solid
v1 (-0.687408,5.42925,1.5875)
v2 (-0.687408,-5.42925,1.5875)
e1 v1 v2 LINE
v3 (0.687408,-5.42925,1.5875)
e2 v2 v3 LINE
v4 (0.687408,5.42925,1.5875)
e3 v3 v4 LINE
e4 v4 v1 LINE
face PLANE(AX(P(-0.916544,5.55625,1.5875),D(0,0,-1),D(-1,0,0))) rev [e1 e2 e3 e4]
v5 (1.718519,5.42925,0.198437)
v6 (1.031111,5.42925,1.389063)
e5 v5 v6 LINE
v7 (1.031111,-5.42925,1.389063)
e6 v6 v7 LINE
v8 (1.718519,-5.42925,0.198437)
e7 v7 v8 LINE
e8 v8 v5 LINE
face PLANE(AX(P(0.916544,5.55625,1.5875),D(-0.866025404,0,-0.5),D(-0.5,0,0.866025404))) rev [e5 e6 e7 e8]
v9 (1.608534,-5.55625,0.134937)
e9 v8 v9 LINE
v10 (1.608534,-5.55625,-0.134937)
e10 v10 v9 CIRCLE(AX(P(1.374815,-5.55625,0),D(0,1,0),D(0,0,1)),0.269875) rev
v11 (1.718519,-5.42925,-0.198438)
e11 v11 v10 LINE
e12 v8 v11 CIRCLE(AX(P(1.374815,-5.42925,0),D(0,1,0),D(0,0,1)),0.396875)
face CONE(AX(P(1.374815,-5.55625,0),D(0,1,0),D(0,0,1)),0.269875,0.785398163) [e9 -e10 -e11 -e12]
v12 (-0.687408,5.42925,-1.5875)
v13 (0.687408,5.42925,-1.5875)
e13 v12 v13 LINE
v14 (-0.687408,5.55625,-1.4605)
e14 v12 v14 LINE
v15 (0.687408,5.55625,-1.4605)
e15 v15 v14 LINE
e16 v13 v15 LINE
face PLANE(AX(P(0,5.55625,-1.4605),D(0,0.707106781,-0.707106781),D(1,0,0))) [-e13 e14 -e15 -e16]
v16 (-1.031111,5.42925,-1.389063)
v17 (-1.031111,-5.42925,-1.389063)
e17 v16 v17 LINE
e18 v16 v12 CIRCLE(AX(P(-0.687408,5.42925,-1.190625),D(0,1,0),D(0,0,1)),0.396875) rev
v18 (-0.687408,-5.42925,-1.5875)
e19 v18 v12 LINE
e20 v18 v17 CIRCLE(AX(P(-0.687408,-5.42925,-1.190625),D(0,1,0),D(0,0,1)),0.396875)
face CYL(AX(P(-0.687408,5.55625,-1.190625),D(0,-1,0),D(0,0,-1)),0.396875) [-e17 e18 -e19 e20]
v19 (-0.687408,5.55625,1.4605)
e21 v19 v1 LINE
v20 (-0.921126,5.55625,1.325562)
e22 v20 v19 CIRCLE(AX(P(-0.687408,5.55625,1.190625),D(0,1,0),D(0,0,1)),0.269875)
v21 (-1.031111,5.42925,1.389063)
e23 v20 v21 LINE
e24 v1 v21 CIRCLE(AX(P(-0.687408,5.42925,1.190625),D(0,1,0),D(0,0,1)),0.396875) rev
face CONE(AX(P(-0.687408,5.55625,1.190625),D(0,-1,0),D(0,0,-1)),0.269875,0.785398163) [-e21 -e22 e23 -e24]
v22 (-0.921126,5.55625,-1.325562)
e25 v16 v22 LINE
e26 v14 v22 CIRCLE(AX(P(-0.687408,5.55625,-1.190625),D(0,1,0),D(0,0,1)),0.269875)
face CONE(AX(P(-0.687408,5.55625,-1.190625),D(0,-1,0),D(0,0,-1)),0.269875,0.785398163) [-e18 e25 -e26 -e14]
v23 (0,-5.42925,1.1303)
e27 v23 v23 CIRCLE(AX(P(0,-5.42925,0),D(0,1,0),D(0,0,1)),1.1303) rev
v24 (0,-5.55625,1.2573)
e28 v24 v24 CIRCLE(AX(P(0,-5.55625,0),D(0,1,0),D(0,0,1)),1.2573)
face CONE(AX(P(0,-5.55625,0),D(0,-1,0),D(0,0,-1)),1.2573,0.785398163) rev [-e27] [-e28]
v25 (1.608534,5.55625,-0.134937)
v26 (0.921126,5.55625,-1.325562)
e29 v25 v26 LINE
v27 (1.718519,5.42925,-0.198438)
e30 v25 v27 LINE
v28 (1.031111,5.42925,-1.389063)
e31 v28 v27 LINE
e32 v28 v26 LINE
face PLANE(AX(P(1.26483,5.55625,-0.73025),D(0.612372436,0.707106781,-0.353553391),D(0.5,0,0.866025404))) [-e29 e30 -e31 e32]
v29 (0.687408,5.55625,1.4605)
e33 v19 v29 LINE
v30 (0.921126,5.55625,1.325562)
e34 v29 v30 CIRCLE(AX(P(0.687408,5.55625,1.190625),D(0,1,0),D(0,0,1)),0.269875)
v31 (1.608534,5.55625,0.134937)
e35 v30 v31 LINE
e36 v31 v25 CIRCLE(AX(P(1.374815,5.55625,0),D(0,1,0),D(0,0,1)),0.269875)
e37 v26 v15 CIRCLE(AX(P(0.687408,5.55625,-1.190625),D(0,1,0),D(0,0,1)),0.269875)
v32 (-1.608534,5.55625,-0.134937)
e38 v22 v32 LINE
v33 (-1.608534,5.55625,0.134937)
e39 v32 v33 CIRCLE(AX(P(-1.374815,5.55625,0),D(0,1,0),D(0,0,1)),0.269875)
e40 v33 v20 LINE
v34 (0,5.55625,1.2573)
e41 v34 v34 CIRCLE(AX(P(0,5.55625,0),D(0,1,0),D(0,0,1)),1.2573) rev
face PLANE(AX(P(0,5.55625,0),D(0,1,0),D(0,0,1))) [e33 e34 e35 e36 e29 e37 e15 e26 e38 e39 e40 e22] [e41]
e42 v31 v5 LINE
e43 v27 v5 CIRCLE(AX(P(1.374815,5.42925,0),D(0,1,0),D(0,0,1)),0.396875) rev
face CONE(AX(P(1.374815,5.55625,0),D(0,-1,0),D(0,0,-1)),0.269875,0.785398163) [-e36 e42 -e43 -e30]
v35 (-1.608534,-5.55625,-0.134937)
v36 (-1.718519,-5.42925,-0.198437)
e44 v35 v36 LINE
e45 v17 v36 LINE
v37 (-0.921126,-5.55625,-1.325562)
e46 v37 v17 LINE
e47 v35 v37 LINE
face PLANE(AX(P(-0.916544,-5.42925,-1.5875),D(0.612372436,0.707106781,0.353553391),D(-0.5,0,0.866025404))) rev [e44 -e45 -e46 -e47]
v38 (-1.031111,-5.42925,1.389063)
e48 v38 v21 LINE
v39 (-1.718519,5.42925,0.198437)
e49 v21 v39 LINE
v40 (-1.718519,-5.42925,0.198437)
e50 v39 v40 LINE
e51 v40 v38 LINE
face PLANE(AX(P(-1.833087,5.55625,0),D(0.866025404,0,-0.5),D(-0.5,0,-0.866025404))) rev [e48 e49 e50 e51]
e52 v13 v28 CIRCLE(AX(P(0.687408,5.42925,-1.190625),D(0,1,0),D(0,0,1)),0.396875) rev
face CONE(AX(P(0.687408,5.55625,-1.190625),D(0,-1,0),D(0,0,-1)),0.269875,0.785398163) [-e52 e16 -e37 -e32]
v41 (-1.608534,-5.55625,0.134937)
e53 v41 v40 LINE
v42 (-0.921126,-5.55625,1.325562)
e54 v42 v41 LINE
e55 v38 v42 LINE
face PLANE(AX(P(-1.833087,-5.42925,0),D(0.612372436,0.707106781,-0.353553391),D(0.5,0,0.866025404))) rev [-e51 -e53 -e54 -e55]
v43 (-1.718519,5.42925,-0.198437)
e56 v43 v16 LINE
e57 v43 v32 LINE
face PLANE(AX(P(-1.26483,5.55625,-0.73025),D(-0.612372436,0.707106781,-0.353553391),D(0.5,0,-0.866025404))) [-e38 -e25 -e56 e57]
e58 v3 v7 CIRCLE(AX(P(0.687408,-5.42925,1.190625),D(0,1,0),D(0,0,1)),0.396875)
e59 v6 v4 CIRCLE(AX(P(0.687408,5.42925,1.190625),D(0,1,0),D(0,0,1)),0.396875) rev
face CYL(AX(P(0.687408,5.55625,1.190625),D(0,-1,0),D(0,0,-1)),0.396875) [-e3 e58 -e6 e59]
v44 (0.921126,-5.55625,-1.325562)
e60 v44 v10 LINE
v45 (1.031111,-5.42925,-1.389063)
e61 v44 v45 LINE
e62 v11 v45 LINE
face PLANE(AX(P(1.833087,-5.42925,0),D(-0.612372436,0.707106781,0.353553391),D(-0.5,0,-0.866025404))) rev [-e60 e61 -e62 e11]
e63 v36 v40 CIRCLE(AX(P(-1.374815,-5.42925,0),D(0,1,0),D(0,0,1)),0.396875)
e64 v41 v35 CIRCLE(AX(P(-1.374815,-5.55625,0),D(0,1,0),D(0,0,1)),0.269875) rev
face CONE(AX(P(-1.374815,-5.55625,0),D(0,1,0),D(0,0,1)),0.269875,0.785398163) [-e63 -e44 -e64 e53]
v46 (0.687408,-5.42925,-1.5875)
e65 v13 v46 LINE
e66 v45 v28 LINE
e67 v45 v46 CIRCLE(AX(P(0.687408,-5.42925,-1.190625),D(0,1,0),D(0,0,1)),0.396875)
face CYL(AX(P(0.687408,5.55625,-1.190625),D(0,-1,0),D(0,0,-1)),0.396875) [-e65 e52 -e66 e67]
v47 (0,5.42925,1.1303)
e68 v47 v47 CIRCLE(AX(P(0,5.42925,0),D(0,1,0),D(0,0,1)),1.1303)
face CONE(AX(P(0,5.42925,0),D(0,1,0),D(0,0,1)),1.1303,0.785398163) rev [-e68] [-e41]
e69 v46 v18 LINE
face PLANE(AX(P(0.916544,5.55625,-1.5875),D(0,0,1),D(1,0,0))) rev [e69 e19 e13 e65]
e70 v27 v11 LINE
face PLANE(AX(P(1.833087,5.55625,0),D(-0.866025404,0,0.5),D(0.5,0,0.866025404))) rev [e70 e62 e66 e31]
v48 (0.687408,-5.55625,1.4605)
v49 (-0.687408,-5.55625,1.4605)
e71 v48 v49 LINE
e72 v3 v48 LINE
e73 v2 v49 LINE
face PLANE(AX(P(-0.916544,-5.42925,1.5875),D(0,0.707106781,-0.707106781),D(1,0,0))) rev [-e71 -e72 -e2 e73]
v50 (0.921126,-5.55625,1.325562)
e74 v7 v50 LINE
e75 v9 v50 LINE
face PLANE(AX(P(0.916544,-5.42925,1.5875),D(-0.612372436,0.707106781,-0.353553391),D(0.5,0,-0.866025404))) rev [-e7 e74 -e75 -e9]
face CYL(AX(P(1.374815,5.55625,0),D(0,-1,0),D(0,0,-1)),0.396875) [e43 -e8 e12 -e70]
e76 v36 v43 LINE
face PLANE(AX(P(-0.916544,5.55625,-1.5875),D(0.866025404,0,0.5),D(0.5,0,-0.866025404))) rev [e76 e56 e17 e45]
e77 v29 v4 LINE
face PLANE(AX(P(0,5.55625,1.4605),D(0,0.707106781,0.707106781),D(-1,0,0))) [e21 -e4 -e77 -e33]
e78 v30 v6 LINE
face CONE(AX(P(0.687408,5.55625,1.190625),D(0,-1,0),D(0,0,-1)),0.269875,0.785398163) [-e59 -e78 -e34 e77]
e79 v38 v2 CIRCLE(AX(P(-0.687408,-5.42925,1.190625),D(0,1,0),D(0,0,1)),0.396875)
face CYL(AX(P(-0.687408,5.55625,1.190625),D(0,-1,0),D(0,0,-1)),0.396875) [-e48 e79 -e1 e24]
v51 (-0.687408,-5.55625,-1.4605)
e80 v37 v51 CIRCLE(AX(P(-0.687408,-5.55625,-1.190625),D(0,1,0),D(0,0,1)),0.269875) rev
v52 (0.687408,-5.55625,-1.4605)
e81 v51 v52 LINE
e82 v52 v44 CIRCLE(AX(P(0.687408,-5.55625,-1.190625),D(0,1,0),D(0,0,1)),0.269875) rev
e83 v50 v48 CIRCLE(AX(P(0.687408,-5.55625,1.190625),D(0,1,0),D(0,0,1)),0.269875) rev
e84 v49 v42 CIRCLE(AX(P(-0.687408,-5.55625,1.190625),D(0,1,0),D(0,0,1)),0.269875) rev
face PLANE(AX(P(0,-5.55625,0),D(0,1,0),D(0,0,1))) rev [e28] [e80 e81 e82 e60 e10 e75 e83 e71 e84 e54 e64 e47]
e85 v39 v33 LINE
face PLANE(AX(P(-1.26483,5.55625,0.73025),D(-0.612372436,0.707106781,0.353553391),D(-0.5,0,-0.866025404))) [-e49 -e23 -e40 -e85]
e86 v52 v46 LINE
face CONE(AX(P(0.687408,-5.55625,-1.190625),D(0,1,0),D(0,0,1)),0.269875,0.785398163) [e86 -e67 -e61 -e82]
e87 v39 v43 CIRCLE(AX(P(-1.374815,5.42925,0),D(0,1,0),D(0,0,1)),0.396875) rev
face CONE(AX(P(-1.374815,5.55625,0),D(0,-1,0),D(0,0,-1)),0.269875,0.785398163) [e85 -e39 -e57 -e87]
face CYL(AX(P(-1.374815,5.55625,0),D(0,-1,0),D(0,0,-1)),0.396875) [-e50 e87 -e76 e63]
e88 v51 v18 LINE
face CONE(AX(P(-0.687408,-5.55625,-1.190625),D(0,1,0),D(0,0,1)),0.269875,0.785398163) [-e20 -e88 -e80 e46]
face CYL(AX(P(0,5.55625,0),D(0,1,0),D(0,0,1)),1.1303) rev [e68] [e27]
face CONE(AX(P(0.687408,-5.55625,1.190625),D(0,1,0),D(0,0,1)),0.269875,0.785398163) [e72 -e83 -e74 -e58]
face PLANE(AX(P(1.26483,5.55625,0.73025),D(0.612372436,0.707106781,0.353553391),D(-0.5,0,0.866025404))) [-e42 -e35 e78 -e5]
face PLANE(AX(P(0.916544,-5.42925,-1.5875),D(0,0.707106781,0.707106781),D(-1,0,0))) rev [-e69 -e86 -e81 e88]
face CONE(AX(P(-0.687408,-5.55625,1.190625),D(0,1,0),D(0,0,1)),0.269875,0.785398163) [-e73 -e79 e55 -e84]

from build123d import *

# Parameters (mm, degrees)
BOSS_EXTRUDE1_DEPTH   = 5.55625
F_4_40_TAPPED_HOLE1_D = 2.2606
FILLET1_R             = 0.396875
CHAMFER1_SIZE         = 0.127


with BuildPart() as part:
    # Sketch1 → Boss-Extrude1 (new body, symmetric)
    with BuildSketch(Plane(origin=(0, 0, 0), x_dir=(1, 0, 0), z_dir=(0, 1, 0))):
        Polygon((0.916543552, 1.5875), (-0.916543552, 1.5875), (-1.833087105, 0), (-0.916543552, -1.5875), (0.916543552, -1.5875), (1.833087105, 0), align=None)
    extrude(amount=BOSS_EXTRUDE1_DEPTH, both=True)

    # #4-40 Tapped Hole1 (through all)
    with Locations(Plane(origin=(0, 5.55625, 0), x_dir=(1, 0, 0), z_dir=(0, 1, 0))):
        with Locations((0, 0)):
            Hole(F_4_40_TAPPED_HOLE1_D / 2)

    # Fillet1
    fillet1_edges = [part.edges().sort_by_distance(p)[0] for p in [
        (1.833087105, 0, 0),
        (0.916543552, 0, 1.5875),
        (-0.916543552, 0, 1.5875),
        (-1.833087105, 0, 0),
        (-0.916543552, 0, -1.5875),
        (0.916543552, 0, -1.5875),
    ]]
    fillet(fillet1_edges, radius=FILLET1_R)

    # Chamfer1
    chamfer1_edges = [part.edges().sort_by_distance(p)[0] for p in [
        (1.1303, 5.55625, 0),
        (1.1303, -5.55625, 0),
        (-1.374815329, -5.55625, -0.79375),
        (-1.374815329, 5.55625, -0.79375),
        (1.374815329, -5.55625, -0.79375),
        (1.374815329, -5.55625, 0.79375),
        (0, -5.55625, 1.5875),
        (-1.374815329, -5.55625, 0.79375),
        (0, -5.55625, -1.5875),
        (-1.771690329, -5.55625, 0),
        (-0.885845164, -5.55625, 1.534328832),
        (0.885845164, -5.55625, 1.534328832),
        (1.771690329, -5.55625, 0),
        (0.885845164, -5.55625, -1.534328832),
        (-0.885845164, -5.55625, -1.534328832),
        (0, 5.55625, -1.5875),
        (1.374815329, 5.55625, -0.79375),
        (-1.374815329, 5.55625, 0.79375),
        (0, 5.55625, 1.5875),
        (1.374815329, 5.55625, 0.79375),
        (-1.771690329, 5.55625, 0),
        (-0.885845164, 5.55625, 1.534328832),
        (0.885845164, 5.55625, 1.534328832),
        (1.771690329, 5.55625, 0),
        (0.885845164, 5.55625, -1.534328832),
        (-0.885845164, 5.55625, -1.534328832),
    ]]
    chamfer(chamfer1_edges, length=CHAMFER1_SIZE)


solid = part.part
